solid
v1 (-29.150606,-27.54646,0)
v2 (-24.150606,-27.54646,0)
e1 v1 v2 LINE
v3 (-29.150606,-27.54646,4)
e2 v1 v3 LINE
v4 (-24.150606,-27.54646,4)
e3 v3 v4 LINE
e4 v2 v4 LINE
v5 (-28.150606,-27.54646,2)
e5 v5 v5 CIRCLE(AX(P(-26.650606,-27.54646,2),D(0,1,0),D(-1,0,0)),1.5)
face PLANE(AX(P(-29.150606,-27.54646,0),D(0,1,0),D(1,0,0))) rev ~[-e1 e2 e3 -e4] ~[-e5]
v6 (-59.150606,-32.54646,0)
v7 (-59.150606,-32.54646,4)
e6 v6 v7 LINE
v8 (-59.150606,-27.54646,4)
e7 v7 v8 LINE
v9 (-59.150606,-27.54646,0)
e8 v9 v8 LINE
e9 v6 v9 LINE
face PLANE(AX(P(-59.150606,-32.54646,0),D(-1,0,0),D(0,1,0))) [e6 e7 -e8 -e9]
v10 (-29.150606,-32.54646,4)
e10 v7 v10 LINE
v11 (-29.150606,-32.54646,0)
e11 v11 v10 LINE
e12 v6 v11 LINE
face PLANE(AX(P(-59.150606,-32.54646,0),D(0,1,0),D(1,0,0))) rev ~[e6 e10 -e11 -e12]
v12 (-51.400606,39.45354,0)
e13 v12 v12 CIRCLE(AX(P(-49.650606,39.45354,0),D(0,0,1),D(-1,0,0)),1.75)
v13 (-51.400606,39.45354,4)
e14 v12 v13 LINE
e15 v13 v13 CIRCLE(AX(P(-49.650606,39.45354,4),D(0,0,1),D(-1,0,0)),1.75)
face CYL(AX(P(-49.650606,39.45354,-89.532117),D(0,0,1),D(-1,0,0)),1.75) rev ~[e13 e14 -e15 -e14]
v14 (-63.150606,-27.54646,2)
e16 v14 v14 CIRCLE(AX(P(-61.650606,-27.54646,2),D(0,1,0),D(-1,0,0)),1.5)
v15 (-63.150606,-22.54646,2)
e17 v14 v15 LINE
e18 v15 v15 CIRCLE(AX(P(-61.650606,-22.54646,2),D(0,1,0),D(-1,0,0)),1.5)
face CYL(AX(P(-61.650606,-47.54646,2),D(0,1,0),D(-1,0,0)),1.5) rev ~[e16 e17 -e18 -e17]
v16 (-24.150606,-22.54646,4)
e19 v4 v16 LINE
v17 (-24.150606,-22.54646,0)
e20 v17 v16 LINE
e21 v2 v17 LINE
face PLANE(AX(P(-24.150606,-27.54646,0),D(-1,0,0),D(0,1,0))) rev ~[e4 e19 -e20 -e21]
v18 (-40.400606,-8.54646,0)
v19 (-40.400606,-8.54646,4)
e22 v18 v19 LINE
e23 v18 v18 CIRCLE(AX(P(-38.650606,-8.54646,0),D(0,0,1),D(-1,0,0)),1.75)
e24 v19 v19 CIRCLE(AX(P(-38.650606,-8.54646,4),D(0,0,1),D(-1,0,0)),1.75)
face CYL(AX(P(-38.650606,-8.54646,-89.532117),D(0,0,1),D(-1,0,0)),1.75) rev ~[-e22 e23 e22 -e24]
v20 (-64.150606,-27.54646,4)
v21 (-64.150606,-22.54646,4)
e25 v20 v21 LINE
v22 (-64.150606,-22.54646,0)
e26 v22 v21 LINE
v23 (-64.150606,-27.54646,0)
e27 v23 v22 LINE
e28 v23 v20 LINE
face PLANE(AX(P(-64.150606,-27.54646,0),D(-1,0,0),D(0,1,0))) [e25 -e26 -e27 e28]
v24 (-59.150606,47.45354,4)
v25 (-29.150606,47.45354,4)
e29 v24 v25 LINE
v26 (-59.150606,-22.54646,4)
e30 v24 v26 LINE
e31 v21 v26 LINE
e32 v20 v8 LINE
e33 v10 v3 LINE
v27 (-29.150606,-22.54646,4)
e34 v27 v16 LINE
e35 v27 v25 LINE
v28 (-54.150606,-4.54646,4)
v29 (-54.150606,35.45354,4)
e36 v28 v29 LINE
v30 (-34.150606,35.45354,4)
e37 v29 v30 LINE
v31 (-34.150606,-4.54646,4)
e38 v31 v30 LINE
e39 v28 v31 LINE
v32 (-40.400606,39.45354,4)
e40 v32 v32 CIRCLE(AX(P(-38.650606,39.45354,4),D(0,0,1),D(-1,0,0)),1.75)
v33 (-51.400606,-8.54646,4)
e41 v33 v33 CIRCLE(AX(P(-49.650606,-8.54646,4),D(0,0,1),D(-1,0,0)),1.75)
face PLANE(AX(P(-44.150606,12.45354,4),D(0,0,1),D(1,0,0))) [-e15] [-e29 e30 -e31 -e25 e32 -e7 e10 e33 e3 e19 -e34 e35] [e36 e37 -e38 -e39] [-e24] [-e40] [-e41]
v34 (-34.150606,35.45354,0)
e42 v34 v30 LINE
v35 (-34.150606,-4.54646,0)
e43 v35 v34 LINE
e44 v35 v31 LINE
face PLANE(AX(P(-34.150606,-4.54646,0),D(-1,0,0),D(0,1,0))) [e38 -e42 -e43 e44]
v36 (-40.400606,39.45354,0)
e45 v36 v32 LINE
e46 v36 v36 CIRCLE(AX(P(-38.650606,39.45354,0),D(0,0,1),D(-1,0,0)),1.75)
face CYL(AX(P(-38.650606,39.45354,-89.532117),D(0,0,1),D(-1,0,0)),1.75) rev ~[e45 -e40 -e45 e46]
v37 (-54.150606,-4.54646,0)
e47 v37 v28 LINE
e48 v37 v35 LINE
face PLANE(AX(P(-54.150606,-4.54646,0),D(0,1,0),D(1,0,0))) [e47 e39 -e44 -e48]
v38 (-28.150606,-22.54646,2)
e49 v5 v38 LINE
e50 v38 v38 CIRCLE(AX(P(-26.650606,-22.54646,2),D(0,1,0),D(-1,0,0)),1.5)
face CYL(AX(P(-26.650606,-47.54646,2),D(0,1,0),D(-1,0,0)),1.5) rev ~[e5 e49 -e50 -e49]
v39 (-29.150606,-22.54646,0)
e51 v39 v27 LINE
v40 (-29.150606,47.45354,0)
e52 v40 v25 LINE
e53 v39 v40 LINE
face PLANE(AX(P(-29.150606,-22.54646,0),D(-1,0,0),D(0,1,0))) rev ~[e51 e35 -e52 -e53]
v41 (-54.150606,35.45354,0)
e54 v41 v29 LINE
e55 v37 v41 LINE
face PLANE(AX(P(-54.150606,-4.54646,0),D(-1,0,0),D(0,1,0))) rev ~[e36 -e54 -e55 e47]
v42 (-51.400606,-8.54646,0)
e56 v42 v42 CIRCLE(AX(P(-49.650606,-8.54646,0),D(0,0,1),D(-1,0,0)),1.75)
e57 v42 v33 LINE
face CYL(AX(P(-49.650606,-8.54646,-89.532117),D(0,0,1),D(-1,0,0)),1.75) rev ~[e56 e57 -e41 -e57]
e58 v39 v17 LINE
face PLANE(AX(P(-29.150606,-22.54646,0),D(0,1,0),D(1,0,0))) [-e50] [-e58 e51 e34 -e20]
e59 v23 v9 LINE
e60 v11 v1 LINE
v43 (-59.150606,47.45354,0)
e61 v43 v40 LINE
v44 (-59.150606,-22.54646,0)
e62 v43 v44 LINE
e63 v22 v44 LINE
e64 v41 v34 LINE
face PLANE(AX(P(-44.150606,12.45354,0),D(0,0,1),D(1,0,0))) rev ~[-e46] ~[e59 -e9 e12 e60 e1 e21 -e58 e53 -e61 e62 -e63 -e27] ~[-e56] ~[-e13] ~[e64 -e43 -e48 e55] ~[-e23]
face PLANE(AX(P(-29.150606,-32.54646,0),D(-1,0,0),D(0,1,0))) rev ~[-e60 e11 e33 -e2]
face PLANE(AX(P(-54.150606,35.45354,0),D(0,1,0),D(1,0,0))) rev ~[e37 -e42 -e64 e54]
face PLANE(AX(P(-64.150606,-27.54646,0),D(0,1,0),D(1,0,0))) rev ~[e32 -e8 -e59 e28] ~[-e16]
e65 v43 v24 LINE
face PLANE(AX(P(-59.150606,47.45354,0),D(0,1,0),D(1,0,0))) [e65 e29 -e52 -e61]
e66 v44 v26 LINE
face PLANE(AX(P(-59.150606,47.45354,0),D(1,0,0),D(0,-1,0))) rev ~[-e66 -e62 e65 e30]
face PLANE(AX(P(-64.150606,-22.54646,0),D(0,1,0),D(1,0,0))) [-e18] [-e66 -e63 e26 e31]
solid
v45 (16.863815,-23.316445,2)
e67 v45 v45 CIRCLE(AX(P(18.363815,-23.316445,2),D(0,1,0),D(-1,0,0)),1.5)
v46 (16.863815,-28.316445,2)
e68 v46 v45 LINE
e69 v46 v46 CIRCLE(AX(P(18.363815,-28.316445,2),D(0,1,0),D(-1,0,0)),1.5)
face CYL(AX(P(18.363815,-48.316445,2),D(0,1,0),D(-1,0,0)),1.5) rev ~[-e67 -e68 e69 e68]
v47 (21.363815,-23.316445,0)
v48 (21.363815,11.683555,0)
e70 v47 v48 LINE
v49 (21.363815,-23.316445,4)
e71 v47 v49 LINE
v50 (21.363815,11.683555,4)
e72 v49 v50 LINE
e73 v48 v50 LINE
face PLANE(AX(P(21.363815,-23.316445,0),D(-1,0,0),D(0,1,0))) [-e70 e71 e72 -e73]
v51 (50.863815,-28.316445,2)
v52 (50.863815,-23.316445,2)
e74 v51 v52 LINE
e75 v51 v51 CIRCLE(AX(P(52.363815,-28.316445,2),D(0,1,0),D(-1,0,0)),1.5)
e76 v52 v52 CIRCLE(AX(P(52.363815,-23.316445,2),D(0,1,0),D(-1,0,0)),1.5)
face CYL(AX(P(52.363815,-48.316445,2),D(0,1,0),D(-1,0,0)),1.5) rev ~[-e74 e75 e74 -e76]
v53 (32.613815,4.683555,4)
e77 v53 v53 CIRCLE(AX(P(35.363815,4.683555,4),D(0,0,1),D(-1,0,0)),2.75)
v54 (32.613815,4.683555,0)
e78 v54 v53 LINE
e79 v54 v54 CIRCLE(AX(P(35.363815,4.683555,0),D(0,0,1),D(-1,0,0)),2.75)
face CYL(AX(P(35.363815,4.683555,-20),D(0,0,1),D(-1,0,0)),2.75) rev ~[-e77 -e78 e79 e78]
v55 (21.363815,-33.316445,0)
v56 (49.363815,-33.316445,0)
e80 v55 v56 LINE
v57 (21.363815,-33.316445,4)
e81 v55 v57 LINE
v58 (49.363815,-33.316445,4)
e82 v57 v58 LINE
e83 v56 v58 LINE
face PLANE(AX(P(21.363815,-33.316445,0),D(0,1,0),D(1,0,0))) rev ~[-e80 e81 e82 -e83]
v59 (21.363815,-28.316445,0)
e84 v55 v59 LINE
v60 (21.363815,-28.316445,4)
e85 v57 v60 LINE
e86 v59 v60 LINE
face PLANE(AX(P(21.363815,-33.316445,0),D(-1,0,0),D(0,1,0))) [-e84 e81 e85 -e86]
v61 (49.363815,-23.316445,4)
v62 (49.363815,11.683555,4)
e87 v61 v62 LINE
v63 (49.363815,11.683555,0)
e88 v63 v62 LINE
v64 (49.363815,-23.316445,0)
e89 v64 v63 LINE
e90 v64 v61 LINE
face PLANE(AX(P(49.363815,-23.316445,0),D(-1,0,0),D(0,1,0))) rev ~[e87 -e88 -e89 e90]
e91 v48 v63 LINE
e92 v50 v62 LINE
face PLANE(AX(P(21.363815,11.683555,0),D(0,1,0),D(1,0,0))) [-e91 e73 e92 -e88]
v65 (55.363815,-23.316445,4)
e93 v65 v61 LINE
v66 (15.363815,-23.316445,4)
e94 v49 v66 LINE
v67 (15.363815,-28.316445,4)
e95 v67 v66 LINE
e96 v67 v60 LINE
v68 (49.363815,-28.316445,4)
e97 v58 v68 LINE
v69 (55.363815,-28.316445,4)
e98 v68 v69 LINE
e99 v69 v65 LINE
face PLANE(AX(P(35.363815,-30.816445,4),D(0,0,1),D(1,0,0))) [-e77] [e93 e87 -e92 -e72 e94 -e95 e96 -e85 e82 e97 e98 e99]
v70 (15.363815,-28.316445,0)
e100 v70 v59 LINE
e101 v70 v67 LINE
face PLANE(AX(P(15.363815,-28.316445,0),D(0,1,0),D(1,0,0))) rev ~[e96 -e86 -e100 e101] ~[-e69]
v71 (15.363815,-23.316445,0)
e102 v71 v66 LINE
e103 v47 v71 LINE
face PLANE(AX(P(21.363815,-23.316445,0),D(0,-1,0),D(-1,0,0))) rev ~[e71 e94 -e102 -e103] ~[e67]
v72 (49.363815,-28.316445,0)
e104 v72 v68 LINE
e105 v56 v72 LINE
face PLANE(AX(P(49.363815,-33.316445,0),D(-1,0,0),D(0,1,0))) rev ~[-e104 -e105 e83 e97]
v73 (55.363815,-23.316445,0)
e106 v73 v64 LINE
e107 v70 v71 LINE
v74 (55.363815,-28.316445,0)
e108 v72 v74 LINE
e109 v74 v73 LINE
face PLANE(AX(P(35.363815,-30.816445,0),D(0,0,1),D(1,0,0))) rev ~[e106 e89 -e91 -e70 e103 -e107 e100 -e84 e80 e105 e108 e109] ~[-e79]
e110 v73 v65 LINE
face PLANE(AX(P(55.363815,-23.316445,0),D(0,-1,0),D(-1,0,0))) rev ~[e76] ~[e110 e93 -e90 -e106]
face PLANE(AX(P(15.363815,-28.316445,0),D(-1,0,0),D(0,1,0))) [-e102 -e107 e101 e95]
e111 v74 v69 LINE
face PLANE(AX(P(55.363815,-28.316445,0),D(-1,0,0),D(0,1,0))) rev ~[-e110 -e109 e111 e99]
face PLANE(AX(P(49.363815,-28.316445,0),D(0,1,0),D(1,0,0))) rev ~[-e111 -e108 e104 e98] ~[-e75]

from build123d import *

# Parameters (mm, degrees)
F0_W            = 30
F0_H            = 70
F0_W_2          = 20
F0_H_2          = 40
F0_H_3          = 5
F0_W_3          = 5
F1_DEPTH        = 4
F4_D            = 3
F4_DEPTH        = 20
F4_TIP          = 0.9012909285
F4_ON_F3_D      = 3
F4_ON_F3_DEPTH  = 20
F4_ON_F3_TIP    = 0.9012909285
F5_D            = 3.5
F6_W            = 28
F6_H            = 5
F6_W_2          = 6
F6_H_2          = 35
F7_DEPTH        = 4
F10_D           = 3
F10_DEPTH       = 20
F10_TIP         = 0.9012909285
F10_ON_F9_D     = 3
F10_ON_F9_DEPTH = 20
F10_ON_F9_TIP   = 0.9012909285
F11_D           = 5.5
F11_DEPTH       = 20
F11_TIP         = 1.6523667023


with BuildPart() as f1:
    # F0 (on Top) → F1 (new body)
    with BuildSketch(Plane.XY):
        with Locations((-44.1506063403, 12.4535401911)):
            Rectangle(F0_W, F0_H)
        with Locations((-44.1506063403, 15.4535401911)):
            Rectangle(F0_W_2, F0_H_2, mode=Mode.SUBTRACT)
        with Locations((-44.1506063403, -25.0464598089)):
            Rectangle(F0_W, F0_H_3)
        with Locations((-61.6506063403, -25.0464598089)):
            Rectangle(F0_W_3, F0_H_3)
        with Locations((-44.1506063403, -30.0464598089)):
            Rectangle(F0_W, F0_H_3)
        with Locations((-26.6506063403, -25.0464598089)):
            Rectangle(F0_W_3, F0_H_3)
    extrude(amount=F1_DEPTH)

    # F4
    with Locations(Plane.XZ.offset(27.5464598089)):
        with Locations((-61.6506063403, 2)):
            Hole(F4_D / 2, depth=F4_DEPTH)
            with Locations((0, 0, -(F4_DEPTH + F4_TIP / 2))):  # 118° drill point
                Cone(0, F4_D / 2, F4_TIP, mode=Mode.SUBTRACT)

    # F4 on F3
    with Locations(Plane.XZ.offset(27.5464598089)):
        with Locations((-26.6506063403, 2)):
            Hole(F4_ON_F3_D / 2, depth=F4_ON_F3_DEPTH)
            with Locations((0, 0, -(F4_ON_F3_DEPTH + F4_ON_F3_TIP / 2))):  # 118° drill point
                Cone(0, F4_ON_F3_D / 2, F4_ON_F3_TIP, mode=Mode.SUBTRACT)

    # F5 (through all)
    with Locations(Plane(origin=(0, 0, 0), x_dir=(1, 0, 0), z_dir=(0, 0, -1))):
        with Locations((-49.6506063403, -39.4535401911), (-38.6506063403, -39.4535401911), (-49.6506063403, 8.5464598089), (-38.6506063403, 8.5464598089)):
            Hole(F5_D / 2)


with BuildPart() as f7:
    # F6 (on Top) → F7 (new body)
    with BuildSketch(Plane.XY):
        with Locations((35.3638151288, -30.8164446056)):
            Rectangle(F6_W, F6_H)
        with Locations((18.3638151288, -25.8164446056)):
            Rectangle(F6_W_2, F6_H)
        with Locations((35.3638151288, -25.8164446056)):
            Rectangle(F6_W, F6_H)
        with Locations((52.3638151288, -25.8164446056)):
            Rectangle(F6_W_2, F6_H)
        with Locations((35.3638151288, -5.8164446056)):
            Rectangle(F6_W, F6_H_2)
    extrude(amount=F7_DEPTH)

    # F10
    with Locations(Plane.XZ.offset(28.3164446056)):
        with Locations((18.3638151288, 2)):
            Hole(F10_D / 2, depth=F10_DEPTH)
            with Locations((0, 0, -(F10_DEPTH + F10_TIP / 2))):  # 118° drill point
                Cone(0, F10_D / 2, F10_TIP, mode=Mode.SUBTRACT)

    # F10 on F9
    with Locations(Plane.XZ.offset(28.3164446056)):
        with Locations((52.3638151288, 2)):
            Hole(F10_ON_F9_D / 2, depth=F10_ON_F9_DEPTH)
            with Locations((0, 0, -(F10_ON_F9_DEPTH + F10_ON_F9_TIP / 2))):  # 118° drill point
                Cone(0, F10_ON_F9_D / 2, F10_ON_F9_TIP, mode=Mode.SUBTRACT)

    # F11
    with Locations(Plane(origin=(0, 0, 0), x_dir=(1, 0, 0), z_dir=(0, 0, -1))):
        with Locations((35.3638151288, -4.6835553944)):
            Hole(F11_D / 2, depth=F11_DEPTH)
            with Locations((0, 0, -(F11_DEPTH + F11_TIP / 2))):  # 118° drill point
                Cone(0, F11_D / 2, F11_TIP, mode=Mode.SUBTRACT)


solid = Compound([f1.part, f7.part])
